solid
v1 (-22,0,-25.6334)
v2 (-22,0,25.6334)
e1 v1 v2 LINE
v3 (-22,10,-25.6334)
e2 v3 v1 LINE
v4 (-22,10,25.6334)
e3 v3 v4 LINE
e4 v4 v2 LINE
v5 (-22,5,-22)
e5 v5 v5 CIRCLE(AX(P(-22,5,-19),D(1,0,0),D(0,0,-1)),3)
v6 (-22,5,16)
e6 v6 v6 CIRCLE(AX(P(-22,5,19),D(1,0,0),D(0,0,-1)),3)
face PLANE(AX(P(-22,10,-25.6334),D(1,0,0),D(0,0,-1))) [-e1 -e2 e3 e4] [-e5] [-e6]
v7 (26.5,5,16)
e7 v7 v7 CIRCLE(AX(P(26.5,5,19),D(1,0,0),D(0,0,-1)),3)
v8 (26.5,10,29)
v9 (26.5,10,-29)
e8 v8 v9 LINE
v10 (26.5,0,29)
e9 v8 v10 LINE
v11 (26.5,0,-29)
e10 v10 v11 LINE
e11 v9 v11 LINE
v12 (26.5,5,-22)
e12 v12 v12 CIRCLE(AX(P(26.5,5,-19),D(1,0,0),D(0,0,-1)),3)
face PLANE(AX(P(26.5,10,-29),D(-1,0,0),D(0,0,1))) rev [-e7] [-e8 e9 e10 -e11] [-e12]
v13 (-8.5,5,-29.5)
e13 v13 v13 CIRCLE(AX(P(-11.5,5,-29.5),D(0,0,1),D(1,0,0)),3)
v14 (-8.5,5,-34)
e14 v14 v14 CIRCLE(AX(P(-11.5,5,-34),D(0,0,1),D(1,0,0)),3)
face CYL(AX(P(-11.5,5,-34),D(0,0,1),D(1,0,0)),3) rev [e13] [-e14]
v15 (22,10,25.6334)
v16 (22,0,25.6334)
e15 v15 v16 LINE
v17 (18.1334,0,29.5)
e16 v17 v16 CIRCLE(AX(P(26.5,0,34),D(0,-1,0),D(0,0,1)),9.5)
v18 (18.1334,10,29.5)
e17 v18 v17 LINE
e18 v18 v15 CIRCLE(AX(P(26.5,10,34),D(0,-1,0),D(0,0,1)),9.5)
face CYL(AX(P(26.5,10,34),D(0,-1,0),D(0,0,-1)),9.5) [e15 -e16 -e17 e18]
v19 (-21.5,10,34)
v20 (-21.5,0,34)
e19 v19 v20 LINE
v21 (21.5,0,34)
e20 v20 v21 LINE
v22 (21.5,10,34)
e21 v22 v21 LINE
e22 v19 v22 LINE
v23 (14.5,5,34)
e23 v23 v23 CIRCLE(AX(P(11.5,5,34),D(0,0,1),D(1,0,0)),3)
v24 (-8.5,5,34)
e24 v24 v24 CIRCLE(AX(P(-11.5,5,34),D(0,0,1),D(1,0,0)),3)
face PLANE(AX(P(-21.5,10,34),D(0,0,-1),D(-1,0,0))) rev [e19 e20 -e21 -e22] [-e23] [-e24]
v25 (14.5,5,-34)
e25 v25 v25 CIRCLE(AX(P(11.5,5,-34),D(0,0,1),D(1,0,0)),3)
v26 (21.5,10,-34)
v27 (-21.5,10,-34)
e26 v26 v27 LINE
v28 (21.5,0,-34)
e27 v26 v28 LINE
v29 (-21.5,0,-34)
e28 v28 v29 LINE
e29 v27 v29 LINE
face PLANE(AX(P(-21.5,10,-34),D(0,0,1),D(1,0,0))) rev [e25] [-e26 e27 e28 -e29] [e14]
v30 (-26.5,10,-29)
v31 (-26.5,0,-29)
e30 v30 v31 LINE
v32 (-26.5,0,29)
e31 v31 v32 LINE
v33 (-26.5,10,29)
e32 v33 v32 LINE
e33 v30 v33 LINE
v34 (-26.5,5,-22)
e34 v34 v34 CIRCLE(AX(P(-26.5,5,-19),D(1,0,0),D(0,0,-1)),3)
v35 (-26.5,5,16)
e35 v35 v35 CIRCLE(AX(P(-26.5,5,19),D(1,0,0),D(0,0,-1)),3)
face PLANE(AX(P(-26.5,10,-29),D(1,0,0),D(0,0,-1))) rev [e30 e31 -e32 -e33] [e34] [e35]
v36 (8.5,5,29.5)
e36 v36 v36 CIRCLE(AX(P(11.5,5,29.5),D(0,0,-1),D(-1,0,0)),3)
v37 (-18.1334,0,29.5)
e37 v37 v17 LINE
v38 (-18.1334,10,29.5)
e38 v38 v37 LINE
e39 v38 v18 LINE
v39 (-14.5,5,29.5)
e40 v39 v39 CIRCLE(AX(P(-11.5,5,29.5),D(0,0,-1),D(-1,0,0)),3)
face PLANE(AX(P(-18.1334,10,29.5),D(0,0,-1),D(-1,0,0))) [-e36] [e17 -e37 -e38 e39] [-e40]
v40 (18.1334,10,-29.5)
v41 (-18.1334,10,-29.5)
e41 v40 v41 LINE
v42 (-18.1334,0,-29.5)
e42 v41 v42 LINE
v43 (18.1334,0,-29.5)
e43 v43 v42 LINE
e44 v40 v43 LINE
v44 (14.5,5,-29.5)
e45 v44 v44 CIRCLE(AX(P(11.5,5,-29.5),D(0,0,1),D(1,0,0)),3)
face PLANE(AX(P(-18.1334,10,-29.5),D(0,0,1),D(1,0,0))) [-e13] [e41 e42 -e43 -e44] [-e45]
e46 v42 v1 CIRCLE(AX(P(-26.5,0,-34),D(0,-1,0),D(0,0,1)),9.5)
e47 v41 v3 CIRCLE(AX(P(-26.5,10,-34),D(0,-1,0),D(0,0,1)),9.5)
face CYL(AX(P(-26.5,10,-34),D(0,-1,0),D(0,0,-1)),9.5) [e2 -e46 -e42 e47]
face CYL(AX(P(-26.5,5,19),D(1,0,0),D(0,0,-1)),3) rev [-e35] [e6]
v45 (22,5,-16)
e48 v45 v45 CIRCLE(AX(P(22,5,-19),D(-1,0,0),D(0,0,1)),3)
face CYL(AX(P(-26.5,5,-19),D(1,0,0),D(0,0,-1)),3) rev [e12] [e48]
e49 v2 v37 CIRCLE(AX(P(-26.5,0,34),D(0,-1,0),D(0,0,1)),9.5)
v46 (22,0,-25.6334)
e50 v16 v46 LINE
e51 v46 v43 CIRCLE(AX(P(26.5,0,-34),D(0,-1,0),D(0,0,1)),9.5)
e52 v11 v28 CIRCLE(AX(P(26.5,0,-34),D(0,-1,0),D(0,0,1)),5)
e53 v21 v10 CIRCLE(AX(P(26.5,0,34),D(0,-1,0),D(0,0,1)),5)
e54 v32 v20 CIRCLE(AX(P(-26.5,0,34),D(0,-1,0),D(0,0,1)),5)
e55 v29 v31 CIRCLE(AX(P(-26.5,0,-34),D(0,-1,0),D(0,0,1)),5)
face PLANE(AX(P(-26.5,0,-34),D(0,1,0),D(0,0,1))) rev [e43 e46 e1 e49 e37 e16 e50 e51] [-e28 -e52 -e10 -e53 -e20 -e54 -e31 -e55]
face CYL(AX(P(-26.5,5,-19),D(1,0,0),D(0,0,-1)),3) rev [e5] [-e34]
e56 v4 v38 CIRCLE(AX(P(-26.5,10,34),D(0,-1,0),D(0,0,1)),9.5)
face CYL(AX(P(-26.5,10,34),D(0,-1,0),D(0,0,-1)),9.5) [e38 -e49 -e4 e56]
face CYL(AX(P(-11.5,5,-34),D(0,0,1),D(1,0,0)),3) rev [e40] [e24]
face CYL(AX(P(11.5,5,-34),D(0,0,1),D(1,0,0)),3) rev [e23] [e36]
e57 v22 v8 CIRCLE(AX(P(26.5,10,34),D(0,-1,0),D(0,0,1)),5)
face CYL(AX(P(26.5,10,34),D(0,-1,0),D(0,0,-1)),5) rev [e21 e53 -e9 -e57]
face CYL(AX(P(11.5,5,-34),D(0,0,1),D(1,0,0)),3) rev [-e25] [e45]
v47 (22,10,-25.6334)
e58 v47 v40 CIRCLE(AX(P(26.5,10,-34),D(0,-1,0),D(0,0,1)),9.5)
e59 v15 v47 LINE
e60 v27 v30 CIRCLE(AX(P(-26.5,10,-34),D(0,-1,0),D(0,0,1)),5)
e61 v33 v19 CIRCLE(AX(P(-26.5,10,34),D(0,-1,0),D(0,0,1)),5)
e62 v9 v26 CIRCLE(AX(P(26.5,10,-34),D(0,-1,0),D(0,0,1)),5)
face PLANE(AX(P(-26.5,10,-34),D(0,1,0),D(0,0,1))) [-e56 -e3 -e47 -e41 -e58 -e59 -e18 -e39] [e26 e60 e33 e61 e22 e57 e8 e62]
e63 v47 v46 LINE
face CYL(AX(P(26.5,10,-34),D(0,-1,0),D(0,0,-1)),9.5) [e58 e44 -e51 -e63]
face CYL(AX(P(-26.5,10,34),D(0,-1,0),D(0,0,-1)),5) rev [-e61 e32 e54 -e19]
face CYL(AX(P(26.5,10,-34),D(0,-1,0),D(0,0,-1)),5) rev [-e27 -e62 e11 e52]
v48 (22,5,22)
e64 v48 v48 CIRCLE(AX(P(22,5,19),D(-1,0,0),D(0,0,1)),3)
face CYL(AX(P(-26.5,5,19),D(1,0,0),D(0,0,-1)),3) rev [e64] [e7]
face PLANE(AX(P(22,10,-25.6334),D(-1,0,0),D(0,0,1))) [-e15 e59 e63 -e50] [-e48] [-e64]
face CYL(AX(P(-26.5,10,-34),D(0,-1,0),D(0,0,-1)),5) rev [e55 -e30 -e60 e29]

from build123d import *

# Parameters (mm, degrees)
BOSS_EXTRUDE1_DEPTH = 10
SKETCH2_R           = 3
CUT_EXTRUDE1_DEPTH  = 64.757352517
SKETCH3_R           = 3
CUT_EXTRUDE2_DEPTH  = 74.663084377


with BuildPart() as part:
    # Sketch1 → Boss-Extrude1 (new body)
    with BuildSketch(Plane(origin=(0, 0, 0), x_dir=(1, 0, 0), z_dir=(0, 1, 0))):
        with BuildLine():
            Line((-21.5, 34), (21.5, 34))
            ThreePointArc((21.5, 34), (22.964466094, 30.464466094), (26.5, 29))
            Line((26.5, 29), (26.5, -29))
            ThreePointArc((26.5, -29), (22.964466094, -30.464466094), (21.5, -34))
            Line((21.5, -34), (-21.5, -34))
            ThreePointArc((-21.5, -34), (-22.964466094, -30.464466094), (-26.5, -29))
            Line((-26.5, -29), (-26.5, 29))
            ThreePointArc((-26.5, 29), (-22.964466094, 30.464466094), (-21.5, 34))
        make_face()
        with BuildLine():
            Line((-22, 25.633399735), (-22, -25.633399735))
            ThreePointArc((-22, -25.633399735), (-19.782485579, -27.282485579), (-18.133399735, -29.5))
            Line((-18.133399735, -29.5), (18.133399735, -29.5))
            ThreePointArc((18.133399735, -29.5), (19.782485579, -27.282485579), (22, -25.633399735))
            Line((22, -25.633399735), (22, 25.633399735))
            ThreePointArc((22, 25.633399735), (19.782485579, 27.282485579), (18.133399735, 29.5))
            Line((18.133399735, 29.5), (-18.133399735, 29.5))
            ThreePointArc((-18.133399735, 29.5), (-19.782485579, 27.282485579), (-22, 25.633399735))
        make_face(mode=Mode.SUBTRACT)
    extrude(amount=BOSS_EXTRUDE1_DEPTH)

    # Sketch2 → Cut-Extrude1 (cut, through all)
    with BuildSketch(Plane(origin=(26.5, 0, 0), x_dir=(0, 0, -1), z_dir=(1, 0, 0))):
        with Locations((-19, 5)):
            Circle(SKETCH2_R)
        with Locations((19, 5)):
            Circle(SKETCH2_R)
    extrude(amount=-CUT_EXTRUDE1_DEPTH, mode=Mode.SUBTRACT)

    # Sketch3 → Cut-Extrude2 (cut, through all)
    with BuildSketch(Plane.XY.offset(34)):
        with Locations((11.5, 5)):
            Circle(SKETCH3_R)
        with Locations((-11.5, 5)):
            Circle(SKETCH3_R)
    extrude(amount=-CUT_EXTRUDE2_DEPTH, mode=Mode.SUBTRACT)


solid = part.part
